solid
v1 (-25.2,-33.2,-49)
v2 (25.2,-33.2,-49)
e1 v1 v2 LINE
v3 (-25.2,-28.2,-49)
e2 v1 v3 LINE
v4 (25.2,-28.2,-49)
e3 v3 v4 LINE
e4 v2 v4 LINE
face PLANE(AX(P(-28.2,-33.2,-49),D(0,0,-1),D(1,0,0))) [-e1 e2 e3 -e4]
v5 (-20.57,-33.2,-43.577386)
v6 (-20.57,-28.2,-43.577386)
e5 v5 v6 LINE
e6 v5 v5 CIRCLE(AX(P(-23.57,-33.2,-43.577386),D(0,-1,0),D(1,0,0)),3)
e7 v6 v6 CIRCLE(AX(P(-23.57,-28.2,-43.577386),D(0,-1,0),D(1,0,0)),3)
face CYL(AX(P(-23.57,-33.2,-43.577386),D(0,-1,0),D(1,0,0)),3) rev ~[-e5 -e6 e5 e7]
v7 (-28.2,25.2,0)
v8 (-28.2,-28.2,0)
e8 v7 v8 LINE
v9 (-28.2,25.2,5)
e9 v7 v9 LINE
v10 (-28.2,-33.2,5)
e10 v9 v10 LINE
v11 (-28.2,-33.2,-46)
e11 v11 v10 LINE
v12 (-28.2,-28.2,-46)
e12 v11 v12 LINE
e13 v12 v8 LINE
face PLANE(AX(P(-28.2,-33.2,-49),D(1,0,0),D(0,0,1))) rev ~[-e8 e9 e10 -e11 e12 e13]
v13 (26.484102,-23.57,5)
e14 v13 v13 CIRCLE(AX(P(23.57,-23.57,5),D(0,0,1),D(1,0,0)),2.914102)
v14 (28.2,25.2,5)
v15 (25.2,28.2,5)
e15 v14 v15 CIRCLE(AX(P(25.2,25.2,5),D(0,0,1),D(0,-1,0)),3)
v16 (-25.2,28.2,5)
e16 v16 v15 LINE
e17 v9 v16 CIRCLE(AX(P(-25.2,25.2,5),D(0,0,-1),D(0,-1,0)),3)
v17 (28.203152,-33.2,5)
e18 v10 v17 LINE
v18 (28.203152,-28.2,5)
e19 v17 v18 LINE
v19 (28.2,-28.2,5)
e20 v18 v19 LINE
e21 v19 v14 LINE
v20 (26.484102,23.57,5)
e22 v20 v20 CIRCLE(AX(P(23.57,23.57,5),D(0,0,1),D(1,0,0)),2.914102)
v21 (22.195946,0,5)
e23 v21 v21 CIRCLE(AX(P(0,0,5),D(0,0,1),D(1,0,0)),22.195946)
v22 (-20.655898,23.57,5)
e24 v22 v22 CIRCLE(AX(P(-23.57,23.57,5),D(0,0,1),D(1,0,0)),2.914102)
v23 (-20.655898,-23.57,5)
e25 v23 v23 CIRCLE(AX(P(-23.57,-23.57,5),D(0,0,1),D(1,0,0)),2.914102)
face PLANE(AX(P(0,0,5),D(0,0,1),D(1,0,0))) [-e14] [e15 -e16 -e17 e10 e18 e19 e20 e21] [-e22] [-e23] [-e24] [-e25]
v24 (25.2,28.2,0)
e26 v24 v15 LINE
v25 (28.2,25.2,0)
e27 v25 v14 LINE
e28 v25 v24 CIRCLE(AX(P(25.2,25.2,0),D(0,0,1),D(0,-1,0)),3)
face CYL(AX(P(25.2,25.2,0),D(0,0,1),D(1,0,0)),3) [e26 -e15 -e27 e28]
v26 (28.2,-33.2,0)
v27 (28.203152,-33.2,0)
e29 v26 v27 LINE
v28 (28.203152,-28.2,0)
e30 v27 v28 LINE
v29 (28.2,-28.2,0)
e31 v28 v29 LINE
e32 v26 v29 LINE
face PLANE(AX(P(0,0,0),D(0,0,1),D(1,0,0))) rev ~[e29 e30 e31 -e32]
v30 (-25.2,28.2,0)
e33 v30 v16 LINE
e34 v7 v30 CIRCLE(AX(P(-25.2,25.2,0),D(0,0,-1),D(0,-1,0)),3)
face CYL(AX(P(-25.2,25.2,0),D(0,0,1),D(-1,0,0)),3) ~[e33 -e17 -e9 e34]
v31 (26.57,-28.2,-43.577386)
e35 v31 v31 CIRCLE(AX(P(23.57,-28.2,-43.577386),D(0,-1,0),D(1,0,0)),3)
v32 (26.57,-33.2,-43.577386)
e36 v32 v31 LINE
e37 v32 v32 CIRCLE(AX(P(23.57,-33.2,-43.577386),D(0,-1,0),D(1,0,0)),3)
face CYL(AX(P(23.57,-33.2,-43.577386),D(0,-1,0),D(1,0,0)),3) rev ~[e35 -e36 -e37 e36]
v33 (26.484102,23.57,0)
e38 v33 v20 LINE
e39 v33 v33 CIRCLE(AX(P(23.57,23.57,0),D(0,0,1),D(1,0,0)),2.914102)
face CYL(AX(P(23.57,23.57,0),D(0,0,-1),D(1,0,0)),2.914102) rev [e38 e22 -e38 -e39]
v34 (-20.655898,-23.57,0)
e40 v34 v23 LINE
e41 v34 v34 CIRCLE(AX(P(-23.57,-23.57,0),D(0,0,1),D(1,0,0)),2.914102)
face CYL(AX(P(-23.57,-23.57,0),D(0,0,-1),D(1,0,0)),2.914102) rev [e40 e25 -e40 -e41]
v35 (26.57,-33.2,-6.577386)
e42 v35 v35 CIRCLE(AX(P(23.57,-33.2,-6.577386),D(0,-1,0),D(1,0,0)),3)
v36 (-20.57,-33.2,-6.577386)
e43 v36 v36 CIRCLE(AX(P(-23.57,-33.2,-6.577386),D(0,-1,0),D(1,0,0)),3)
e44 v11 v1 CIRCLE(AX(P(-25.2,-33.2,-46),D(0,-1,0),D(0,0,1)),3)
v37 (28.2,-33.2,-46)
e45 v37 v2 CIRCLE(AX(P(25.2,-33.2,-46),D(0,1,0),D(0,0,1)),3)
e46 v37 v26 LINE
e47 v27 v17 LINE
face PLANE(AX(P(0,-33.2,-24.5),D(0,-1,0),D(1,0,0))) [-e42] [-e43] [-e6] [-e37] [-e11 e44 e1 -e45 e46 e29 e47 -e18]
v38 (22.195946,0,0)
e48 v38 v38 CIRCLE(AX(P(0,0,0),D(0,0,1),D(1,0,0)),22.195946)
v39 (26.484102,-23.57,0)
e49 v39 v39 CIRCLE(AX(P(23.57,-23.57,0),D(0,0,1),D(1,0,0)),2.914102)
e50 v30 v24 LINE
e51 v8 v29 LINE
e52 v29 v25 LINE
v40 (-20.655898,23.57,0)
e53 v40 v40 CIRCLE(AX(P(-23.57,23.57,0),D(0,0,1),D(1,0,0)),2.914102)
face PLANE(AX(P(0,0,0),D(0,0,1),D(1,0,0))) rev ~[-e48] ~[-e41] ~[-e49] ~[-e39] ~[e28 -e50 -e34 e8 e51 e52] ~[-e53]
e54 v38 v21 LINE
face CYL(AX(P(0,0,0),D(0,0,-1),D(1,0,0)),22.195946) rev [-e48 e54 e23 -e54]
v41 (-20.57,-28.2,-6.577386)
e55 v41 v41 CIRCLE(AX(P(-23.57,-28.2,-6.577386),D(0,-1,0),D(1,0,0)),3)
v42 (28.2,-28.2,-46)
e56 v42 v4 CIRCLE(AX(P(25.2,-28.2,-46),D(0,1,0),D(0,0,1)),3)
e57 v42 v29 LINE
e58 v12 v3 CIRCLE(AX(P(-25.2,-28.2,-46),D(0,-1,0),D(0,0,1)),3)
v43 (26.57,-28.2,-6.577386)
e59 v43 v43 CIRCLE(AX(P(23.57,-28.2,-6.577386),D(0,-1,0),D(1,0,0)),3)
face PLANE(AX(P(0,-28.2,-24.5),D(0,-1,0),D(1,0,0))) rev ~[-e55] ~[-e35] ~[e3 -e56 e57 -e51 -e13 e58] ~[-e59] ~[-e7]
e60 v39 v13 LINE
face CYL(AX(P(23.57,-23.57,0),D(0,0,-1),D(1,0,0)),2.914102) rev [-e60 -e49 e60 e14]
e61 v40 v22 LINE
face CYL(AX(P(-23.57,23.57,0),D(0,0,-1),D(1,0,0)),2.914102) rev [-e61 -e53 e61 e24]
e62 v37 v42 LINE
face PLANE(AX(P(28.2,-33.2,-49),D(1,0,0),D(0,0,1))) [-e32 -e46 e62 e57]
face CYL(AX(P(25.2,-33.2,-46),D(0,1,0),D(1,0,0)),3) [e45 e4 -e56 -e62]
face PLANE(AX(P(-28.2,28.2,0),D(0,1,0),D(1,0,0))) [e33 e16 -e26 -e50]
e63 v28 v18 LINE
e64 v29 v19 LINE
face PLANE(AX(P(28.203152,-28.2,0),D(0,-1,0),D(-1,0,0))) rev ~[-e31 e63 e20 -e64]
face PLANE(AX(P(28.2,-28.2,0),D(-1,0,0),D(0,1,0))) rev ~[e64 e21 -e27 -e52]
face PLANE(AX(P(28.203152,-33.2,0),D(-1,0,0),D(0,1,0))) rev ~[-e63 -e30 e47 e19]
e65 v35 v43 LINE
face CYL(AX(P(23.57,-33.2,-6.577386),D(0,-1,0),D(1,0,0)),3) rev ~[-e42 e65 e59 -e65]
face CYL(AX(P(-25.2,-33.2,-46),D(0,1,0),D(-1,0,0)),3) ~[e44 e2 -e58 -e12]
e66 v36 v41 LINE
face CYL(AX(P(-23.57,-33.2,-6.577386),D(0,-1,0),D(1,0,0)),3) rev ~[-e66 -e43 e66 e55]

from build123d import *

# Parameters (mm, degrees)
F0_W     = 56.4
F0_H     = 56.4
F0_R     = 2.914102
F0_R_2   = 22.195946
F1_DEPTH = 5
F2_W     = 56.4
F2_H     = 49
F2_R     = 3
F3_DEPTH = 5
F4_R     = 3


with BuildPart() as f1:
    # F0 (on Top) → F1 (new body)
    with BuildSketch(Plane.XY):
        Rectangle(F0_W, F0_H)
        with Locations((-23.57, -23.57)):
            Circle(F0_R, mode=Mode.SUBTRACT)
        with Locations((23.57, -23.57)):
            Circle(F0_R, mode=Mode.SUBTRACT)
        Circle(F0_R_2, mode=Mode.SUBTRACT)
        with Locations((-23.57, 23.57)):
            Circle(F0_R, mode=Mode.SUBTRACT)
        with Locations((23.57, 23.57)):
            Circle(F0_R, mode=Mode.SUBTRACT)
        Polygon((28.203152, -28.2), (28.2, -28.2), (-28.2, -28.2), (-28.2, -33.2), (28.203152, -33.2), align=None)
    extrude(amount=F1_DEPTH)

    # F2 (on face) → F3 (join)
    with BuildSketch(Plane.XZ.offset(33.2)):
        with Locations((0, -24.5)):
            Rectangle(F2_W, F2_H)
        with Locations((-23.57, -43.577386)):
            Circle(F2_R, mode=Mode.SUBTRACT)
        with Locations((23.57, -43.577386)):
            Circle(F2_R, mode=Mode.SUBTRACT)
        with Locations((-23.57, -6.577386)):
            Circle(F2_R, mode=Mode.SUBTRACT)
        with Locations((23.57, -6.577386)):
            Circle(F2_R, mode=Mode.SUBTRACT)
    extrude(amount=-F3_DEPTH)

    # F4
    f4_edges = [f1.edges().sort_by_distance(p)[0] for p in [
        (-28.2, 28.2, 2.5),
        (28.2, 28.2, 2.5),
        (-28.2, -30.7, -49),
        (28.2, -30.7, -49),
    ]]
    fillet(f4_edges, radius=F4_R)


solid = f1.part
